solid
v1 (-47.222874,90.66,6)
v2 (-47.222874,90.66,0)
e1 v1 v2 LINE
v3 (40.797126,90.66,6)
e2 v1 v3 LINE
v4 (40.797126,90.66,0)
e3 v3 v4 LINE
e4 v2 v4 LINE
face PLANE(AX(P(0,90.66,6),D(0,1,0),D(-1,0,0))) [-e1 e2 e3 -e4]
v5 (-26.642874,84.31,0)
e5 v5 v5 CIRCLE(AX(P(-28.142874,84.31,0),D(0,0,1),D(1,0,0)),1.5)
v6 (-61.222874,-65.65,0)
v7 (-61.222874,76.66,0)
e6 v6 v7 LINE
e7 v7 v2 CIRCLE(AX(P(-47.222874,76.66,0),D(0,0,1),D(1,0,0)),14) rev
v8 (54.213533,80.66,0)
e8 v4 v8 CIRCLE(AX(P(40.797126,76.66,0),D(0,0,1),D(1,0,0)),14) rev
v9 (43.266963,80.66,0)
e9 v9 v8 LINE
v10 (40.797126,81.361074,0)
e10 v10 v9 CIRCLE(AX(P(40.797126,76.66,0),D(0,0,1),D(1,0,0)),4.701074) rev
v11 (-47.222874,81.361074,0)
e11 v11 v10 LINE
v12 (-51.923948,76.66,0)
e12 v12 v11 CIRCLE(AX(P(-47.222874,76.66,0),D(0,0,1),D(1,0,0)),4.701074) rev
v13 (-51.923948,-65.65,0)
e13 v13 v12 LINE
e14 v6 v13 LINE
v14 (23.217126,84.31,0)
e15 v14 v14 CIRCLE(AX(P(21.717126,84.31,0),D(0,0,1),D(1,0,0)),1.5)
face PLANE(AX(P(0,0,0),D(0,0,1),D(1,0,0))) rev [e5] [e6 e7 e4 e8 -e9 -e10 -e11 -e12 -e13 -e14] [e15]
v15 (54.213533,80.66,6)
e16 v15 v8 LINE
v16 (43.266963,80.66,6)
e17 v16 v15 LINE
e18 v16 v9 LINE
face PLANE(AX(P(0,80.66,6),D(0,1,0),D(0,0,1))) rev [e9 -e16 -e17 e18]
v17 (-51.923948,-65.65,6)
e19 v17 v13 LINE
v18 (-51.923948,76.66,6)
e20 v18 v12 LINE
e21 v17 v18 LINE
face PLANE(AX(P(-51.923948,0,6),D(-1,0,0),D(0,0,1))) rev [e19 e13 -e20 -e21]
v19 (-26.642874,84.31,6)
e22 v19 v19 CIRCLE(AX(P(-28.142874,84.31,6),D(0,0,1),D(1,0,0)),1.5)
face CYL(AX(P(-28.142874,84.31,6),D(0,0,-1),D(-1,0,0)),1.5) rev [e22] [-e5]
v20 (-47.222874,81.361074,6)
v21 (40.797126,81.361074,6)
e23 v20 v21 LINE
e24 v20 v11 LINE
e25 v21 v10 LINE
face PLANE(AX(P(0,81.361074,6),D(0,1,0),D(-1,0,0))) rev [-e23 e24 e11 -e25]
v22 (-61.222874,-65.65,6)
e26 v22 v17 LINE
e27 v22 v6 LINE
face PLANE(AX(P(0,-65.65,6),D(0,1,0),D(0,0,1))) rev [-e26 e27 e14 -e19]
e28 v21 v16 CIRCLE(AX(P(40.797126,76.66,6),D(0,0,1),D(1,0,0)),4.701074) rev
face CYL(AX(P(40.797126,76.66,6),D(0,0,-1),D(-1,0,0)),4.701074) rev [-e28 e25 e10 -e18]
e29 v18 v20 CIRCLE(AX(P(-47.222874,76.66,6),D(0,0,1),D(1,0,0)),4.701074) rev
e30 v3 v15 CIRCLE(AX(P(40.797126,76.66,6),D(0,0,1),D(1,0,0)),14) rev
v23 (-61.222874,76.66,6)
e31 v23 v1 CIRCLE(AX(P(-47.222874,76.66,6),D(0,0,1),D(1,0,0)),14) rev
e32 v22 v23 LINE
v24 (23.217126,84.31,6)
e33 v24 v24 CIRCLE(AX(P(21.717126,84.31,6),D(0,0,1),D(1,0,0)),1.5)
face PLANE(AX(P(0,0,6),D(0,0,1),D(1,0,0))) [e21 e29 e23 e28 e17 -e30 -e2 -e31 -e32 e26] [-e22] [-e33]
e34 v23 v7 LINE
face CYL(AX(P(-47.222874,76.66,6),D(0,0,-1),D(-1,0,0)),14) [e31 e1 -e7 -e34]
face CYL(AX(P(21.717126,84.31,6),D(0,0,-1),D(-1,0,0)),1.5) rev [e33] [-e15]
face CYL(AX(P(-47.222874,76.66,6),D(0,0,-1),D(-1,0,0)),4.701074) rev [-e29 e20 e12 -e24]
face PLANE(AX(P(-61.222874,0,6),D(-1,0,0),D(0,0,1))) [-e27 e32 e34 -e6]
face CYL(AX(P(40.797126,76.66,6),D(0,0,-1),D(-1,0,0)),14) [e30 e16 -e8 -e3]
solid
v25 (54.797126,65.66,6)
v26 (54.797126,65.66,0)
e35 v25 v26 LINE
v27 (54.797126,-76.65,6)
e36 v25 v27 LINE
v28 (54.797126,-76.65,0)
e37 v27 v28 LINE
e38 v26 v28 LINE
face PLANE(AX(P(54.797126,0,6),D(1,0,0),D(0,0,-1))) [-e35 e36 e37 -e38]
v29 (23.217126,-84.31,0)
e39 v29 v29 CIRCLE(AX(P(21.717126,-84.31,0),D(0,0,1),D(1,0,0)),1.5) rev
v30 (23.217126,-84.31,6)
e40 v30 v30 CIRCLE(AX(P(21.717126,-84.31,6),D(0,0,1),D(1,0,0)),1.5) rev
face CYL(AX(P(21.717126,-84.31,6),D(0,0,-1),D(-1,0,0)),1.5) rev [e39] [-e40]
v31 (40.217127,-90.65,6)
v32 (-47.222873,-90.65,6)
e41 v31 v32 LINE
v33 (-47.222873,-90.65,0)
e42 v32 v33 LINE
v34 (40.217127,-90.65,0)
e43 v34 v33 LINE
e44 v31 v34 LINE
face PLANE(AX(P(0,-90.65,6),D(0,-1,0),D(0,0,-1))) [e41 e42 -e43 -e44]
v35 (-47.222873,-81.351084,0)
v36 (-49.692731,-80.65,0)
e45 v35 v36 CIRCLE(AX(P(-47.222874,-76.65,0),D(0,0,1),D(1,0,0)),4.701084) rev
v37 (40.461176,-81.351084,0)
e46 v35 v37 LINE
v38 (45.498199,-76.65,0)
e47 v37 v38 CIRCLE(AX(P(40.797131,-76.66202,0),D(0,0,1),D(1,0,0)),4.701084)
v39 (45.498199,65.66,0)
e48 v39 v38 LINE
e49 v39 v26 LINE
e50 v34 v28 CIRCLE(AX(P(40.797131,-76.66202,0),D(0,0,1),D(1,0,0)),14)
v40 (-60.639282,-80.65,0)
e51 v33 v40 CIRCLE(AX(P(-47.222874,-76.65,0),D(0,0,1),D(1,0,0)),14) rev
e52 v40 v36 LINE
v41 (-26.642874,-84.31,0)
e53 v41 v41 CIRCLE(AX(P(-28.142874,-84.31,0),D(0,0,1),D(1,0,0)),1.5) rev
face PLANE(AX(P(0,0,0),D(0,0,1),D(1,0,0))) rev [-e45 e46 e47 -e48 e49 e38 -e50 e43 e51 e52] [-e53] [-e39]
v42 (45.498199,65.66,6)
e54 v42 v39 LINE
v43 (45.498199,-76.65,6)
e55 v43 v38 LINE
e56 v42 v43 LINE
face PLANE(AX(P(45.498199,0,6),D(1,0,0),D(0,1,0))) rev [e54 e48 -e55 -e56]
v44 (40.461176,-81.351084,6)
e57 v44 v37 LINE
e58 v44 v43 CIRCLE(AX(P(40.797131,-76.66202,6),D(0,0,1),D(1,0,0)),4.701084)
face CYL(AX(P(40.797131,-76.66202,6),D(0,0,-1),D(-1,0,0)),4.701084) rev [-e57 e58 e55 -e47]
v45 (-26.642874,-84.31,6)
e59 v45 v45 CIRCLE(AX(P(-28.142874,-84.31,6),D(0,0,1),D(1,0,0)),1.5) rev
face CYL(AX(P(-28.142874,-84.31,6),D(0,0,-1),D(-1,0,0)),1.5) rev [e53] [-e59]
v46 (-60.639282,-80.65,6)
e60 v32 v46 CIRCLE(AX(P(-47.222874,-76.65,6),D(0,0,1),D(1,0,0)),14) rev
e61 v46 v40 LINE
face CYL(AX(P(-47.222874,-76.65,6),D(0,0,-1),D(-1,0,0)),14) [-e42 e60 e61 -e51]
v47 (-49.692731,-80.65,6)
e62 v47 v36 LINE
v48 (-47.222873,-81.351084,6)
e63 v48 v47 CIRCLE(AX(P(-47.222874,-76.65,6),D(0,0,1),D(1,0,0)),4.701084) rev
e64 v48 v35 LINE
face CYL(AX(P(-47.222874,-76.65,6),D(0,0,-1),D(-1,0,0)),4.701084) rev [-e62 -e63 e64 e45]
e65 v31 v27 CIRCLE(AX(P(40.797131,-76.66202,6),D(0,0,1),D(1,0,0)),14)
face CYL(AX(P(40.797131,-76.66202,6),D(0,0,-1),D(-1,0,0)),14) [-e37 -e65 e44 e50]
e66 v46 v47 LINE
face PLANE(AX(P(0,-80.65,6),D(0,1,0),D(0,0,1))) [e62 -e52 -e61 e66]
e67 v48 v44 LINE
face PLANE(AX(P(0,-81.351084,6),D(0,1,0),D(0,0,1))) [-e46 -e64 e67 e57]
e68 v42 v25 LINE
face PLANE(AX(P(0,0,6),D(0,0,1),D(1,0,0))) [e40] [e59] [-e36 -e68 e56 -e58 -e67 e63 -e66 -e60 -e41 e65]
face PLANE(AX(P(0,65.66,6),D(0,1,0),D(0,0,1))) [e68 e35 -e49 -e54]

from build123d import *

# Parameters (mm, degrees)
SKETCH1_R             = 1.5
BOSS_EXTRUDE1_DEPTH   = 6
BOSS_EXTRUDE1_2_DEPTH = 6


with BuildPart() as part:
    # Sketch1 → Boss-Extrude1 (new body)
    with BuildSketch(Plane.XY):
        with BuildLine():
            Line((-61.222874487, -65.65), (-61.222874487, 76.66))
            ThreePointArc((-61.222874487, 76.66), (-57.122369424, 86.559494937), (-47.222874487, 90.66))
            Line((-47.222874487, 90.66), (40.797125513, 90.66))
            ThreePointArc((40.797125513, 90.66), (49.163725778, 87.88497216), (54.213533378, 80.66))
            Line((54.213533378, 80.66), (43.266962857, 80.66))
            ThreePointArc((43.266962857, 80.66), (42.080831206, 81.182410441), (40.797125513, 81.361073974))
            Line((40.797125513, 81.361073974), (-47.222874487, 81.361073974))
            ThreePointArc((-47.222874487, 81.361073974), (-50.547035773, 79.984161286), (-51.923948461, 76.66))
            Line((-51.923948461, 76.66), (-51.923948461, -65.65))
            Line((-51.923948461, -65.65), (-61.222874487, -65.65))
        make_face()
        with Locations((21.717125513, 84.31)):
            Circle(SKETCH1_R, mode=Mode.SUBTRACT)
        with Locations((-28.142874487, 84.31)):
            Circle(SKETCH1_R, mode=Mode.SUBTRACT)
    extrude(amount=BOSS_EXTRUDE1_DEPTH)


with BuildPart() as body_2:
    # Sketch1 → Boss-Extrude1 2 (new body)
    with BuildSketch(Plane.XY):
        with BuildLine():
            Line((54.797125513, 65.66), (54.797125513, -76.65))
            ThreePointArc((54.797125513, -76.65), (50.493730236, -86.760334141), (40.217127352, -90.65))
            Line((40.217127352, -90.65), (-47.222872648, -90.65))
            ThreePointArc((-47.222872648, -90.65), (-55.589474015, -87.87497271), (-60.639282352, -80.65))
            Line((-60.639282352, -80.65), (-49.692731257, -80.65))
            ThreePointArc((-49.692731257, -80.65), (-48.506590033, -81.172418254), (-47.222872648, -81.35108418))
            Line((-47.222872648, -81.35108418), (40.461175806, -81.35108418))
            ThreePointArc((40.461175806, -81.35108418), (44.004715911, -80.098818879), (45.498199487, -76.65))
            Line((45.498199487, -76.65), (45.498199487, 65.66))
            Line((45.498199487, 65.66), (54.797125513, 65.66))
        make_face()
        with Locations((-28.142874487, -84.31)):
            Circle(SKETCH1_R, mode=Mode.SUBTRACT)
        with Locations((21.717125513, -84.31)):
            Circle(SKETCH1_R, mode=Mode.SUBTRACT)
    extrude(amount=BOSS_EXTRUDE1_2_DEPTH)


solid = Compound([part.part, body_2.part])
